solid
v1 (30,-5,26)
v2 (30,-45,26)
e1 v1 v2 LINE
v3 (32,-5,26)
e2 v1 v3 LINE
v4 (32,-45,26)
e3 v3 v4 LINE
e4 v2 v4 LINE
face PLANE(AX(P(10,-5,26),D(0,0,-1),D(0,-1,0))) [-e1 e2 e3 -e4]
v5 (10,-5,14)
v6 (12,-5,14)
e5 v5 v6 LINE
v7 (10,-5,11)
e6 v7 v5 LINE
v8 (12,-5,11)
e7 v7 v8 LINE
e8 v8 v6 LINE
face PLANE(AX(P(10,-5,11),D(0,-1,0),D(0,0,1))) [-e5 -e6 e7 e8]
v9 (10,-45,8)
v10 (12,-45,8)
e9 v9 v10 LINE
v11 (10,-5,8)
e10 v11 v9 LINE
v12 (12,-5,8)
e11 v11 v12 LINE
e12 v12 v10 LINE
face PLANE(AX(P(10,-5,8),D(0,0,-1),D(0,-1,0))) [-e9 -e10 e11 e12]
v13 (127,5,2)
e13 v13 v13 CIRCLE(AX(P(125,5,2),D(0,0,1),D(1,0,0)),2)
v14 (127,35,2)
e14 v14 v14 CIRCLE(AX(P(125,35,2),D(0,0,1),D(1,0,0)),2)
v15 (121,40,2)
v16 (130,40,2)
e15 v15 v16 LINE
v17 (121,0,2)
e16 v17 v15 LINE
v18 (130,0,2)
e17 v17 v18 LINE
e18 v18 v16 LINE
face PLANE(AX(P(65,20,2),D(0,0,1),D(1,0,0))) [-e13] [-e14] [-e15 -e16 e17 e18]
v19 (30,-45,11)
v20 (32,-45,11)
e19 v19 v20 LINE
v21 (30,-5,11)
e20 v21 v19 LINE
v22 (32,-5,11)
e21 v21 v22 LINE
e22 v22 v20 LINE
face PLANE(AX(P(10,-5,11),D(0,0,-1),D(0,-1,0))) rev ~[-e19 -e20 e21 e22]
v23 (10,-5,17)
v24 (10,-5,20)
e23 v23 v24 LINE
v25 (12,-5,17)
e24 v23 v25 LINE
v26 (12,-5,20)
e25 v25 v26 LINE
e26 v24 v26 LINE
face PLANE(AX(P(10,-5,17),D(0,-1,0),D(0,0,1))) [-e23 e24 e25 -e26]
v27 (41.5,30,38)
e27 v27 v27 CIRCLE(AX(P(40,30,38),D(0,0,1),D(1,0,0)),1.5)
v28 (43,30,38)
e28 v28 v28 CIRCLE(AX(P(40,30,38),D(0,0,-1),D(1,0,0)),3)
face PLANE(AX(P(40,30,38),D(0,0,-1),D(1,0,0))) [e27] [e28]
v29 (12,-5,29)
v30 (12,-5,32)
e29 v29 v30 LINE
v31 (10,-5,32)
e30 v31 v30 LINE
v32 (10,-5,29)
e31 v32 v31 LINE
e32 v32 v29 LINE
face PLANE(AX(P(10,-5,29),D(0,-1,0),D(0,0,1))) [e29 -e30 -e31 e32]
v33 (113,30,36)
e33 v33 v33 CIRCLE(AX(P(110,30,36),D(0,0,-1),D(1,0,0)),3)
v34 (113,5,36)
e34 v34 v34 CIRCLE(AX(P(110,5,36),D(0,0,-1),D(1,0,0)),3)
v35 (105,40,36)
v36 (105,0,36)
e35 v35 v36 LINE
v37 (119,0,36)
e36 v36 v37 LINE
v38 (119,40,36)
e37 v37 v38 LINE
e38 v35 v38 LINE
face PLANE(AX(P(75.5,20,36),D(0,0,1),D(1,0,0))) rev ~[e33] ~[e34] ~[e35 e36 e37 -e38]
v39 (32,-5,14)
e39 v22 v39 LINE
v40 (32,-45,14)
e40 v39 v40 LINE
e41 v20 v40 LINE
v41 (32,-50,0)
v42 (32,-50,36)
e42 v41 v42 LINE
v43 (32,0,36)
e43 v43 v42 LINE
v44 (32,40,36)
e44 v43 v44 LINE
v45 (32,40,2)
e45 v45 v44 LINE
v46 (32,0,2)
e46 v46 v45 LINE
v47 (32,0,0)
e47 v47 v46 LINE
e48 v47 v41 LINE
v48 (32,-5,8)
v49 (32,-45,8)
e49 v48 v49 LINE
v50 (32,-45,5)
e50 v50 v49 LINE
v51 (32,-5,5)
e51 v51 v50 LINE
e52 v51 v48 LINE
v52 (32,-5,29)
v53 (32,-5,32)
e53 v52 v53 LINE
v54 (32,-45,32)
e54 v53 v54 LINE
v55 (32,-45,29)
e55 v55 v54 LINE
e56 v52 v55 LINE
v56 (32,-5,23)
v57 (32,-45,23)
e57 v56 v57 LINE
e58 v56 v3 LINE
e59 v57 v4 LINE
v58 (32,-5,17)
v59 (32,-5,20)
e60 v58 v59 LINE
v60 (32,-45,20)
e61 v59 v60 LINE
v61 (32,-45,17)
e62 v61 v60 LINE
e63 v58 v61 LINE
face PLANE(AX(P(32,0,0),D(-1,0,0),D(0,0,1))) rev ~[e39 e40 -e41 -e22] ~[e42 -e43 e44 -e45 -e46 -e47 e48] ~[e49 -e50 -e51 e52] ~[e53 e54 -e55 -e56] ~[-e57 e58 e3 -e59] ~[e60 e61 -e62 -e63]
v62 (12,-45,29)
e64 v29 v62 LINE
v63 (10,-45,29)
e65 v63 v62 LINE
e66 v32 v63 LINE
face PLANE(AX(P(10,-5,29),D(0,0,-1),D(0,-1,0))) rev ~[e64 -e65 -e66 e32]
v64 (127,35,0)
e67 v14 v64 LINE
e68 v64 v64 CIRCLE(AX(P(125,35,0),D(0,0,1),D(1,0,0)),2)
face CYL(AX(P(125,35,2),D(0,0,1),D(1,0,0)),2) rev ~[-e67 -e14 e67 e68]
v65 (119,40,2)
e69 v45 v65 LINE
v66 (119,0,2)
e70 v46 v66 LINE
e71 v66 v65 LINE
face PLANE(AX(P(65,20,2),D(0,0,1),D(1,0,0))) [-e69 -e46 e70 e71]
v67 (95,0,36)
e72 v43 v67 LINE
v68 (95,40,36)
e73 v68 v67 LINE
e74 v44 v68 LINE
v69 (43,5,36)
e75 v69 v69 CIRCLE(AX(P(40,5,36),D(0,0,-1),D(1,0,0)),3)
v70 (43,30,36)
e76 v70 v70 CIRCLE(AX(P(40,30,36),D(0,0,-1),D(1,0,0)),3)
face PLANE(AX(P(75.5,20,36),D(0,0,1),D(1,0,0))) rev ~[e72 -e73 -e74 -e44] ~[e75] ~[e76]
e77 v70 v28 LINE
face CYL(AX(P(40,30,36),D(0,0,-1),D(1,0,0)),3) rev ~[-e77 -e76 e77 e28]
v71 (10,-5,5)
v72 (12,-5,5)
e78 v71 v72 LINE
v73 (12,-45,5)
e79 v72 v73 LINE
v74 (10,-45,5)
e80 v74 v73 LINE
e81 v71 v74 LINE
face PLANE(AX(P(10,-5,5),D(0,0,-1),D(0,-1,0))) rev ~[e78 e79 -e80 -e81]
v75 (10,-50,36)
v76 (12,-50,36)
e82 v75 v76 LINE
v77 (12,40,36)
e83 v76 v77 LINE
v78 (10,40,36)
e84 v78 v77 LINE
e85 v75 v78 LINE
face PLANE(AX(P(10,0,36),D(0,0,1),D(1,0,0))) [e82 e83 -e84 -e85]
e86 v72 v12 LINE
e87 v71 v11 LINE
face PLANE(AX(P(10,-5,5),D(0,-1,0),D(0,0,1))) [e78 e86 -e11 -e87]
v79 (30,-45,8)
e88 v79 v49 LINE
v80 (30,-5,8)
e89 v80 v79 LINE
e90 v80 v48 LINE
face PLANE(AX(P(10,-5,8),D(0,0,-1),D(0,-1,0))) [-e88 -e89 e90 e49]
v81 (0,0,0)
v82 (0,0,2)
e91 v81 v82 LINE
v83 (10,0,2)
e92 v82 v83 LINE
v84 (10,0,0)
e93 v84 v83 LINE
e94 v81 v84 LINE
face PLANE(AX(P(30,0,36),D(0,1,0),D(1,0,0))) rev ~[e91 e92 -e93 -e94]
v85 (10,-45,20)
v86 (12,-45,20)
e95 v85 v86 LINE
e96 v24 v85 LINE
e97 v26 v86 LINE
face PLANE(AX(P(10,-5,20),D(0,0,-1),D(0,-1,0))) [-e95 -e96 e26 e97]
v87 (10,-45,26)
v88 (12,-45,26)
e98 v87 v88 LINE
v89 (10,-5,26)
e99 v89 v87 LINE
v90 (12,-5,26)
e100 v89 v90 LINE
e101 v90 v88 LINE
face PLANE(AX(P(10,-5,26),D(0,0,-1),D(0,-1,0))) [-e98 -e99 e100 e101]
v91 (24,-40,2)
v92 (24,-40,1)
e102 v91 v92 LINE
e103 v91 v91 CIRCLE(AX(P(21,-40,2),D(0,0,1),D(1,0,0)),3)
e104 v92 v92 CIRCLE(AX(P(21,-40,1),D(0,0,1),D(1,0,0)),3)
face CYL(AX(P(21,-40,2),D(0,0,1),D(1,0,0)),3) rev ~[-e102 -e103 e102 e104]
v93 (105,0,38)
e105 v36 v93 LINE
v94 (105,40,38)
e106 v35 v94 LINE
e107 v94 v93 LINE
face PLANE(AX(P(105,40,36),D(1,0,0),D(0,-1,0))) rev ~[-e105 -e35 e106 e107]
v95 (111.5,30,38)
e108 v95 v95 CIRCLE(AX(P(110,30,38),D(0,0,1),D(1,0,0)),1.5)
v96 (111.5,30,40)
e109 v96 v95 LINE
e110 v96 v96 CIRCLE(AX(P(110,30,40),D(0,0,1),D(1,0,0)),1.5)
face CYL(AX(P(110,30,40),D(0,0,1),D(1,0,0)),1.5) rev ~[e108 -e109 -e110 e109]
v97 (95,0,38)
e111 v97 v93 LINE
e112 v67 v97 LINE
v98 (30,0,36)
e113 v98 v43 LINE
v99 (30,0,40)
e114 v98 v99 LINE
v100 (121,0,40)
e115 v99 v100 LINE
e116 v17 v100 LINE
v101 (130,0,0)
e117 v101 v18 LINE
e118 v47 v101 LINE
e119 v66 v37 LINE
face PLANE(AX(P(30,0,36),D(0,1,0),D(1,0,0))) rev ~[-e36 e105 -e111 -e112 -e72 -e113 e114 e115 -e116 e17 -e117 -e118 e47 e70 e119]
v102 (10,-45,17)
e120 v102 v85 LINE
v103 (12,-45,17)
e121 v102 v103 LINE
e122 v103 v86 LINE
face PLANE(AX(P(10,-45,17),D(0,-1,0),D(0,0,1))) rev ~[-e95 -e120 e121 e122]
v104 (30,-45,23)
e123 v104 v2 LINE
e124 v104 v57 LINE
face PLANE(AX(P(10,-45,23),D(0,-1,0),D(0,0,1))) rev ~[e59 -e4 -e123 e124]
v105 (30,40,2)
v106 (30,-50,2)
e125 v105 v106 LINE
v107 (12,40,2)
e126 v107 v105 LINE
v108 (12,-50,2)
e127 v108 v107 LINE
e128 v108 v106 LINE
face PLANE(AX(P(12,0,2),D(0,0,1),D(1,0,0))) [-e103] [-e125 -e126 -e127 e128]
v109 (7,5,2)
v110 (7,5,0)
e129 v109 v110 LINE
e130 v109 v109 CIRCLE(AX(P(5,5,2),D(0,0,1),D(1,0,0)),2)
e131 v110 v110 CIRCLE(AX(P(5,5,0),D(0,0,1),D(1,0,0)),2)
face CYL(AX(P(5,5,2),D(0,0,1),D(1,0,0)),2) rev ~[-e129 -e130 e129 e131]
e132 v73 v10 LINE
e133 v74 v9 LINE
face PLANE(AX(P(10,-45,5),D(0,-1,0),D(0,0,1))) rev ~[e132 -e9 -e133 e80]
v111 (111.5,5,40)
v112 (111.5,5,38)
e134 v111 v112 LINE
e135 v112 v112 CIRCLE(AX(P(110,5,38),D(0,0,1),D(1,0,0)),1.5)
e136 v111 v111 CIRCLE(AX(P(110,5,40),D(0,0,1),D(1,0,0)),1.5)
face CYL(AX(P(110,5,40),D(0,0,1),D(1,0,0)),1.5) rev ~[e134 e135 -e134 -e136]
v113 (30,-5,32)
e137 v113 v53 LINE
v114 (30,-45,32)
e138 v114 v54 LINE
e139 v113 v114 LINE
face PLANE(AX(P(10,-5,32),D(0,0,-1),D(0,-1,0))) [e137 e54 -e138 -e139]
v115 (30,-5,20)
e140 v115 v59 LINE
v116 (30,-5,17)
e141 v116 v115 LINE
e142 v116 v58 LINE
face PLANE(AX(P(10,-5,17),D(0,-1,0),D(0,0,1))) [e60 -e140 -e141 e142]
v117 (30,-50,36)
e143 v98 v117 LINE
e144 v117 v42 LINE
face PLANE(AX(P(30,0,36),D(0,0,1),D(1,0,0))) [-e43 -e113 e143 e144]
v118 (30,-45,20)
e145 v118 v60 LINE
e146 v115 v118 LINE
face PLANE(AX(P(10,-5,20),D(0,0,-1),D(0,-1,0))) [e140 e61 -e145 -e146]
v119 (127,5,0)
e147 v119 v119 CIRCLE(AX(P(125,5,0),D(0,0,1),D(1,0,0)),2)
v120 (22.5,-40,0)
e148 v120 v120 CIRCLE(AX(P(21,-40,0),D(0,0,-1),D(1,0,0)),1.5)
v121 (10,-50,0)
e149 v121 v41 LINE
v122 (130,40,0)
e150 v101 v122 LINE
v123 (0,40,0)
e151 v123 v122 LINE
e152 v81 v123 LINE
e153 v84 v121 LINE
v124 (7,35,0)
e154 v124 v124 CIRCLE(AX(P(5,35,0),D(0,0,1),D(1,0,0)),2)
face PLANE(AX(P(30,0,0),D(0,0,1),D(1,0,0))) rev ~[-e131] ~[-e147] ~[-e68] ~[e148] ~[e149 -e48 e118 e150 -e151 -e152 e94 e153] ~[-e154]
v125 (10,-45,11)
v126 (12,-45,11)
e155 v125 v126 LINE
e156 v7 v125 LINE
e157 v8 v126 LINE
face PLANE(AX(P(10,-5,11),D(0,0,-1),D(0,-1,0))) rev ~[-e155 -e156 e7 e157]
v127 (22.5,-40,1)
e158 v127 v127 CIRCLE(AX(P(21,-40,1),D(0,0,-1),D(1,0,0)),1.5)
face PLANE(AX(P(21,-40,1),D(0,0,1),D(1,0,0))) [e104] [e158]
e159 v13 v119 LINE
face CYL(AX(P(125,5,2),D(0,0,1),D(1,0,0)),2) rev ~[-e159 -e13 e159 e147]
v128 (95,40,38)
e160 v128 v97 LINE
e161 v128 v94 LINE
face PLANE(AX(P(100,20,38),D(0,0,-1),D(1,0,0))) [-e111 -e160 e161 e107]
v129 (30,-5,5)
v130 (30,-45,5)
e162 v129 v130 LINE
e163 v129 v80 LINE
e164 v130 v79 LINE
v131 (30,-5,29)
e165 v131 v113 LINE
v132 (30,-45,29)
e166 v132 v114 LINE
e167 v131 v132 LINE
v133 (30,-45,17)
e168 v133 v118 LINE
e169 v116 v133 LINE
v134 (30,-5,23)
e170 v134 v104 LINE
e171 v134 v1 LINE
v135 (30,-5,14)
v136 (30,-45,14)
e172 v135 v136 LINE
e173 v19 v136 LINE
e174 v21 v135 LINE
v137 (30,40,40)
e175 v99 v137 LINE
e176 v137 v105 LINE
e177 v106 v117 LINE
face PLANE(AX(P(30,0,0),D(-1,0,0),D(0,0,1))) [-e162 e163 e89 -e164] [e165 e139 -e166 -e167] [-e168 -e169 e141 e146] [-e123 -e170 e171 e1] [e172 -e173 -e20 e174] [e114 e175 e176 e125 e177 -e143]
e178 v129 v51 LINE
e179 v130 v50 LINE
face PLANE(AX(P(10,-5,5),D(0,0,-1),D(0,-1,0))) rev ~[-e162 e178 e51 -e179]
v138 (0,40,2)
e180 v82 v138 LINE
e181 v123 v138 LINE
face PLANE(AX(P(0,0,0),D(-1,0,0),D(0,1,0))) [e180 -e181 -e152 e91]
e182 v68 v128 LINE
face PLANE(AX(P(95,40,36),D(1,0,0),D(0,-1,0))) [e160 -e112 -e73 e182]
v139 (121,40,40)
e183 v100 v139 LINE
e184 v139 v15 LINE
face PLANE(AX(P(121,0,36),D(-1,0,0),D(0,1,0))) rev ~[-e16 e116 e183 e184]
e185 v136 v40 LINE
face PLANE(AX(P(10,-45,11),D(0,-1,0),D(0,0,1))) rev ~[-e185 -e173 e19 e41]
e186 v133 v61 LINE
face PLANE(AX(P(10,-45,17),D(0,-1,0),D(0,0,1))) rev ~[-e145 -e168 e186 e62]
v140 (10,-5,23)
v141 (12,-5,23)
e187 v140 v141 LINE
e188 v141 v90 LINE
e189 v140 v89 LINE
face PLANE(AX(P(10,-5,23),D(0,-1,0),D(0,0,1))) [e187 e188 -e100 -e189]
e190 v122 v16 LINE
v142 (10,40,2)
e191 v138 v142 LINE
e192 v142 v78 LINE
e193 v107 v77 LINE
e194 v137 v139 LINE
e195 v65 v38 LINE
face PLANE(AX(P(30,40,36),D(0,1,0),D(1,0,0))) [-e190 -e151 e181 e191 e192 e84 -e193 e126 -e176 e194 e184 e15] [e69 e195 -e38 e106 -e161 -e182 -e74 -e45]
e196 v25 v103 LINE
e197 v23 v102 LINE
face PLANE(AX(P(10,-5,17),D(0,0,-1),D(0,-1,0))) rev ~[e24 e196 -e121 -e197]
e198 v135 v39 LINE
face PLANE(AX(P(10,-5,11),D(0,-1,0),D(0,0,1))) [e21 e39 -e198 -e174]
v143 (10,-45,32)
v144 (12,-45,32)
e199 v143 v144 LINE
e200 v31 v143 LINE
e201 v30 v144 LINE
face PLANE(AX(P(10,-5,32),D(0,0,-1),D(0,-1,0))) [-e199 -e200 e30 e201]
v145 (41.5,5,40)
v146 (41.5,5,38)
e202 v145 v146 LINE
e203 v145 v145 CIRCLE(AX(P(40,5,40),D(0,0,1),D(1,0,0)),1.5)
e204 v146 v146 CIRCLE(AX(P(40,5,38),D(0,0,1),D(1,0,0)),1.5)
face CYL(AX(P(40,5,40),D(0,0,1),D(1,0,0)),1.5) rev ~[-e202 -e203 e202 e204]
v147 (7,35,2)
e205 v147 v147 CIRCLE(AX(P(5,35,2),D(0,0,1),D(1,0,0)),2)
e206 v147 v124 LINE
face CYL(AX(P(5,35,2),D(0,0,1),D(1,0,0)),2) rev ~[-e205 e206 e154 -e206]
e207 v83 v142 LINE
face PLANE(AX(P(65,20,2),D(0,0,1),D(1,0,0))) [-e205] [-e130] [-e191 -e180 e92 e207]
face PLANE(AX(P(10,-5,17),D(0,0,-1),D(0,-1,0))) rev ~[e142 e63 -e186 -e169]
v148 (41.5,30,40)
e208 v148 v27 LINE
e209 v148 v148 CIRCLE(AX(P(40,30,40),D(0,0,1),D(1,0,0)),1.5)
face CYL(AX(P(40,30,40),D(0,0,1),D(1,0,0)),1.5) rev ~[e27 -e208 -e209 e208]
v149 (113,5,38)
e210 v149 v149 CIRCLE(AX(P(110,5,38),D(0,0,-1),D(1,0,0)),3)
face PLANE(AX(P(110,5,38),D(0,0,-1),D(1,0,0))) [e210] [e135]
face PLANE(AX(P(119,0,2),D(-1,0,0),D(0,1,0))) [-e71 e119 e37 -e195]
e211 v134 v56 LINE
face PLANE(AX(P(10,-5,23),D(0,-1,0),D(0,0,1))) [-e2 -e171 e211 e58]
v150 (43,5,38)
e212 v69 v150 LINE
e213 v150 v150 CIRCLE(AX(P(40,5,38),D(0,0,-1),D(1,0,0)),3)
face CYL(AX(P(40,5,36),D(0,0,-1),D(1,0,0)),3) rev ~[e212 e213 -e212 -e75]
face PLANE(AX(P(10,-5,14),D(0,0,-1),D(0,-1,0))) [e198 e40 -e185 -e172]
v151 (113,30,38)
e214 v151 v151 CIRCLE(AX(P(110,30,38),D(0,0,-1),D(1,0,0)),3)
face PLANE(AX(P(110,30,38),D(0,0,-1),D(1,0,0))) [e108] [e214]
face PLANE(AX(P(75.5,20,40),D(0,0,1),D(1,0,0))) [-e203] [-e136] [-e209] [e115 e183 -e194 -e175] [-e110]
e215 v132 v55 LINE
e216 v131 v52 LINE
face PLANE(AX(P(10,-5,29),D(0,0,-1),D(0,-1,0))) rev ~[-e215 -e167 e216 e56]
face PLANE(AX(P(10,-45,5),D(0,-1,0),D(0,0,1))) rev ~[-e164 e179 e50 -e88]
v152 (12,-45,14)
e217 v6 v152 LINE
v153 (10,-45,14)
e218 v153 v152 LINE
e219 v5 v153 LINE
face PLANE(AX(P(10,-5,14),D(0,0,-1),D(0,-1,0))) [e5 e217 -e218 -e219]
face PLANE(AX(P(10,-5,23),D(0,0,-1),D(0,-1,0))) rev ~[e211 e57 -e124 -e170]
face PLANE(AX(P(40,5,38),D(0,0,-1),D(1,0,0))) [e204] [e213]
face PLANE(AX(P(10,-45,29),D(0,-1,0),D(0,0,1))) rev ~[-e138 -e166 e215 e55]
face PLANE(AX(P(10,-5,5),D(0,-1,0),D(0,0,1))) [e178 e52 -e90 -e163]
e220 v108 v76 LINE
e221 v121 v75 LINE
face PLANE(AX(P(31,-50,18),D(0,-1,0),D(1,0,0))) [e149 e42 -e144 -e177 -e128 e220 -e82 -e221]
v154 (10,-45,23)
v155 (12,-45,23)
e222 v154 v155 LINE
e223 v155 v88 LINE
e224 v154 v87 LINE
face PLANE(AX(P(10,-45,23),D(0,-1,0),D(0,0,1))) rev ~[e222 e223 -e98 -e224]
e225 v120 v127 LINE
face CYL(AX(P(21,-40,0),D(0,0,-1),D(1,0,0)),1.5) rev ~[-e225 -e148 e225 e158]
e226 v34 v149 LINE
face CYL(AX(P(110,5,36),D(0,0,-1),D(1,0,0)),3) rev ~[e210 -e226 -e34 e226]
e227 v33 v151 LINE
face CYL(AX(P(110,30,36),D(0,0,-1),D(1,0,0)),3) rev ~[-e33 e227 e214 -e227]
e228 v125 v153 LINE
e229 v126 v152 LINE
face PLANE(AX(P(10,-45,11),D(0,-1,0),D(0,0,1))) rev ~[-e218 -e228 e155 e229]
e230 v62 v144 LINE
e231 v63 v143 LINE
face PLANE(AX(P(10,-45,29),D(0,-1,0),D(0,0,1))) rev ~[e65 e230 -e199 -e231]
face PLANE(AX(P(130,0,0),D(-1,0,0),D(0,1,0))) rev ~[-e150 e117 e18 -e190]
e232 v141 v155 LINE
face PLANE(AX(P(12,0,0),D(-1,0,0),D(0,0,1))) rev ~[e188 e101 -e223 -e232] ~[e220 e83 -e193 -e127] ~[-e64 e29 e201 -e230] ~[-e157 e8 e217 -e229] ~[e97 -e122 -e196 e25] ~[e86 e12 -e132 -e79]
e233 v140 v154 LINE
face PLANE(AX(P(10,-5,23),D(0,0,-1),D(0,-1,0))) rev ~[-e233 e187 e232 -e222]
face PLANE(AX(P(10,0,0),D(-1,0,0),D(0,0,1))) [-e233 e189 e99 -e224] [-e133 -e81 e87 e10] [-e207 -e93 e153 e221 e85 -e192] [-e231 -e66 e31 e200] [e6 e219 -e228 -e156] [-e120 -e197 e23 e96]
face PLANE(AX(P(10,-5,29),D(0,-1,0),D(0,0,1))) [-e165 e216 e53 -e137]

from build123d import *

# Parameters (mm, degrees)
SKETCH_W        = 130
SKETCH_H        = 40
PAD_DEPTH       = 2
SKETCH001_W     = 2
SKETCH001_H     = 40
PAD001_DEPTH    = 34
SKETCH002_R     = 2
POCKET_DEPTH    = 2
SKETCH003_R     = 2
POCKET001_DEPTH = 2
SKETCH004_W     = 91
SKETCH004_H     = 40
PAD002_DEPTH    = 4
SKETCH005_W     = 18
SKETCH005_H     = 2
PAD003_DEPTH    = 50
SKETCH006_W     = 2
SKETCH006_H     = 36
PAD004_DEPTH    = 50
SKETCH007_W     = 2
SKETCH007_H     = 36
PAD005_DEPTH    = 50
SKETCH008_R     = 3
POCKET002_DEPTH = 1
SKETCH009_R     = 3
SKETCH009_W     = 10
SKETCH009_H     = 40
POCKET003_DEPTH = 2
SKETCH010_R     = 1.5
POCKET004_DEPTH = 5
SKETCH011_W     = 40
SKETCH011_H     = 3
POCKET005_DEPTH = 40
SKETCH012_R     = 1.5
POCKET006_DEPTH = 1


with BuildPart() as part:
    # Sketch → Pad (new body)
    with BuildSketch(Plane.XY):
        with Locations((65, 20)):
            Rectangle(SKETCH_W, SKETCH_H)
    extrude(amount=PAD_DEPTH)

    # Sketch001 → Pad001 (new body)
    with BuildSketch(Plane.XY.offset(2)):
        with Locations((11, 20)):
            Rectangle(SKETCH001_W, SKETCH001_H)
        with Locations((31, 20)):
            Rectangle(SKETCH001_W, SKETCH001_H)
        with Locations((120, 20)):
            Rectangle(SKETCH001_W, SKETCH001_H)
    extrude(amount=PAD001_DEPTH)

    # Sketch002 → Pocket (cut)
    with BuildSketch(Plane.XY.offset(2)):
        with Locations((5, 5)):
            Circle(SKETCH002_R)
        with Locations((5, 35)):
            Circle(SKETCH002_R)
    extrude(amount=-POCKET_DEPTH, mode=Mode.SUBTRACT)

    # Sketch003 → Pocket001 (cut)
    with BuildSketch(Plane.XY.offset(2)):
        with Locations((125, 5)):
            Circle(SKETCH003_R)
        with Locations((125, 35)):
            Circle(SKETCH003_R)
    extrude(amount=-POCKET001_DEPTH, mode=Mode.SUBTRACT)

    # Sketch004 → Pad002 (new body)
    with BuildSketch(Plane.XY.offset(36)):
        with Locations((75.5, 20)):
            Rectangle(SKETCH004_W, SKETCH004_H)
    extrude(amount=PAD002_DEPTH)

    # Sketch005 → Pad003 (new body)
    with BuildSketch(Plane.XZ):
        with Locations((21, 1)):
            Rectangle(SKETCH005_W, SKETCH005_H)
    extrude(amount=PAD003_DEPTH)

    # Sketch006 → Pad004 (new body)
    with BuildSketch(Plane.XZ):
        with Locations((11, 18)):
            Rectangle(SKETCH006_W, SKETCH006_H)
    extrude(amount=PAD004_DEPTH)

    # Sketch007 → Pad005 (new body)
    with BuildSketch(Plane.XZ):
        with Locations((31, 18)):
            Rectangle(SKETCH007_W, SKETCH007_H)
    extrude(amount=PAD005_DEPTH)

    # Sketch008 → Pocket002 (cut)
    with BuildSketch(Plane.XY.offset(2)):
        with Locations((21, -40)):
            Circle(SKETCH008_R)
    extrude(amount=-POCKET002_DEPTH, mode=Mode.SUBTRACT)

    # Sketch009 → Pocket003 (cut)
    with BuildSketch(Plane(origin=(0, 0, 36), x_dir=(1, 0, 0), z_dir=(0, 0, -1))):
        with Locations((40, -5)):
            Circle(SKETCH009_R)
        with Locations((40, -30)):
            Circle(SKETCH009_R)
        with Locations((110, -30)):
            Circle(SKETCH009_R)
        with Locations((110, -5)):
            Circle(SKETCH009_R)
        with Locations((100, -20)):
            Rectangle(SKETCH009_W, SKETCH009_H)
    extrude(amount=-POCKET003_DEPTH, mode=Mode.SUBTRACT)

    # Sketch010 → Pocket004 (cut)
    with BuildSketch(Plane.XY.offset(40)):
        with Locations((40, 5)):
            Circle(SKETCH010_R)
        with Locations((40, 30)):
            Circle(SKETCH010_R)
        with Locations((110, 30)):
            Circle(SKETCH010_R)
        with Locations((110, 5)):
            Circle(SKETCH010_R)
    extrude(amount=-POCKET004_DEPTH, mode=Mode.SUBTRACT)

    # Sketch011 → Pocket005 (cut)
    with BuildSketch(Plane(origin=(10, 0, 0), x_dir=(0, -1, 0), z_dir=(-1, 0, 0))):
        with Locations((25, 6.5)):
            Rectangle(SKETCH011_W, SKETCH011_H)
        with Locations((25, 12.5)):
            Rectangle(SKETCH011_W, SKETCH011_H)
        with Locations((25, 18.5)):
            Rectangle(SKETCH011_W, SKETCH011_H)
        with Locations((25, 24.5)):
            Rectangle(SKETCH011_W, SKETCH011_H)
        with Locations((25, 30.5)):
            Rectangle(SKETCH011_W, SKETCH011_H)
    extrude(amount=-POCKET005_DEPTH, mode=Mode.SUBTRACT)

    # Sketch012 → Pocket006 (cut)
    with BuildSketch(Plane(origin=(0, 0, 0), x_dir=(1, 0, 0), z_dir=(0, 0, -1))):
        with Locations((21, 40)):
            Circle(SKETCH012_R)
    extrude(amount=-POCKET006_DEPTH, mode=Mode.SUBTRACT)


solid = part.part
